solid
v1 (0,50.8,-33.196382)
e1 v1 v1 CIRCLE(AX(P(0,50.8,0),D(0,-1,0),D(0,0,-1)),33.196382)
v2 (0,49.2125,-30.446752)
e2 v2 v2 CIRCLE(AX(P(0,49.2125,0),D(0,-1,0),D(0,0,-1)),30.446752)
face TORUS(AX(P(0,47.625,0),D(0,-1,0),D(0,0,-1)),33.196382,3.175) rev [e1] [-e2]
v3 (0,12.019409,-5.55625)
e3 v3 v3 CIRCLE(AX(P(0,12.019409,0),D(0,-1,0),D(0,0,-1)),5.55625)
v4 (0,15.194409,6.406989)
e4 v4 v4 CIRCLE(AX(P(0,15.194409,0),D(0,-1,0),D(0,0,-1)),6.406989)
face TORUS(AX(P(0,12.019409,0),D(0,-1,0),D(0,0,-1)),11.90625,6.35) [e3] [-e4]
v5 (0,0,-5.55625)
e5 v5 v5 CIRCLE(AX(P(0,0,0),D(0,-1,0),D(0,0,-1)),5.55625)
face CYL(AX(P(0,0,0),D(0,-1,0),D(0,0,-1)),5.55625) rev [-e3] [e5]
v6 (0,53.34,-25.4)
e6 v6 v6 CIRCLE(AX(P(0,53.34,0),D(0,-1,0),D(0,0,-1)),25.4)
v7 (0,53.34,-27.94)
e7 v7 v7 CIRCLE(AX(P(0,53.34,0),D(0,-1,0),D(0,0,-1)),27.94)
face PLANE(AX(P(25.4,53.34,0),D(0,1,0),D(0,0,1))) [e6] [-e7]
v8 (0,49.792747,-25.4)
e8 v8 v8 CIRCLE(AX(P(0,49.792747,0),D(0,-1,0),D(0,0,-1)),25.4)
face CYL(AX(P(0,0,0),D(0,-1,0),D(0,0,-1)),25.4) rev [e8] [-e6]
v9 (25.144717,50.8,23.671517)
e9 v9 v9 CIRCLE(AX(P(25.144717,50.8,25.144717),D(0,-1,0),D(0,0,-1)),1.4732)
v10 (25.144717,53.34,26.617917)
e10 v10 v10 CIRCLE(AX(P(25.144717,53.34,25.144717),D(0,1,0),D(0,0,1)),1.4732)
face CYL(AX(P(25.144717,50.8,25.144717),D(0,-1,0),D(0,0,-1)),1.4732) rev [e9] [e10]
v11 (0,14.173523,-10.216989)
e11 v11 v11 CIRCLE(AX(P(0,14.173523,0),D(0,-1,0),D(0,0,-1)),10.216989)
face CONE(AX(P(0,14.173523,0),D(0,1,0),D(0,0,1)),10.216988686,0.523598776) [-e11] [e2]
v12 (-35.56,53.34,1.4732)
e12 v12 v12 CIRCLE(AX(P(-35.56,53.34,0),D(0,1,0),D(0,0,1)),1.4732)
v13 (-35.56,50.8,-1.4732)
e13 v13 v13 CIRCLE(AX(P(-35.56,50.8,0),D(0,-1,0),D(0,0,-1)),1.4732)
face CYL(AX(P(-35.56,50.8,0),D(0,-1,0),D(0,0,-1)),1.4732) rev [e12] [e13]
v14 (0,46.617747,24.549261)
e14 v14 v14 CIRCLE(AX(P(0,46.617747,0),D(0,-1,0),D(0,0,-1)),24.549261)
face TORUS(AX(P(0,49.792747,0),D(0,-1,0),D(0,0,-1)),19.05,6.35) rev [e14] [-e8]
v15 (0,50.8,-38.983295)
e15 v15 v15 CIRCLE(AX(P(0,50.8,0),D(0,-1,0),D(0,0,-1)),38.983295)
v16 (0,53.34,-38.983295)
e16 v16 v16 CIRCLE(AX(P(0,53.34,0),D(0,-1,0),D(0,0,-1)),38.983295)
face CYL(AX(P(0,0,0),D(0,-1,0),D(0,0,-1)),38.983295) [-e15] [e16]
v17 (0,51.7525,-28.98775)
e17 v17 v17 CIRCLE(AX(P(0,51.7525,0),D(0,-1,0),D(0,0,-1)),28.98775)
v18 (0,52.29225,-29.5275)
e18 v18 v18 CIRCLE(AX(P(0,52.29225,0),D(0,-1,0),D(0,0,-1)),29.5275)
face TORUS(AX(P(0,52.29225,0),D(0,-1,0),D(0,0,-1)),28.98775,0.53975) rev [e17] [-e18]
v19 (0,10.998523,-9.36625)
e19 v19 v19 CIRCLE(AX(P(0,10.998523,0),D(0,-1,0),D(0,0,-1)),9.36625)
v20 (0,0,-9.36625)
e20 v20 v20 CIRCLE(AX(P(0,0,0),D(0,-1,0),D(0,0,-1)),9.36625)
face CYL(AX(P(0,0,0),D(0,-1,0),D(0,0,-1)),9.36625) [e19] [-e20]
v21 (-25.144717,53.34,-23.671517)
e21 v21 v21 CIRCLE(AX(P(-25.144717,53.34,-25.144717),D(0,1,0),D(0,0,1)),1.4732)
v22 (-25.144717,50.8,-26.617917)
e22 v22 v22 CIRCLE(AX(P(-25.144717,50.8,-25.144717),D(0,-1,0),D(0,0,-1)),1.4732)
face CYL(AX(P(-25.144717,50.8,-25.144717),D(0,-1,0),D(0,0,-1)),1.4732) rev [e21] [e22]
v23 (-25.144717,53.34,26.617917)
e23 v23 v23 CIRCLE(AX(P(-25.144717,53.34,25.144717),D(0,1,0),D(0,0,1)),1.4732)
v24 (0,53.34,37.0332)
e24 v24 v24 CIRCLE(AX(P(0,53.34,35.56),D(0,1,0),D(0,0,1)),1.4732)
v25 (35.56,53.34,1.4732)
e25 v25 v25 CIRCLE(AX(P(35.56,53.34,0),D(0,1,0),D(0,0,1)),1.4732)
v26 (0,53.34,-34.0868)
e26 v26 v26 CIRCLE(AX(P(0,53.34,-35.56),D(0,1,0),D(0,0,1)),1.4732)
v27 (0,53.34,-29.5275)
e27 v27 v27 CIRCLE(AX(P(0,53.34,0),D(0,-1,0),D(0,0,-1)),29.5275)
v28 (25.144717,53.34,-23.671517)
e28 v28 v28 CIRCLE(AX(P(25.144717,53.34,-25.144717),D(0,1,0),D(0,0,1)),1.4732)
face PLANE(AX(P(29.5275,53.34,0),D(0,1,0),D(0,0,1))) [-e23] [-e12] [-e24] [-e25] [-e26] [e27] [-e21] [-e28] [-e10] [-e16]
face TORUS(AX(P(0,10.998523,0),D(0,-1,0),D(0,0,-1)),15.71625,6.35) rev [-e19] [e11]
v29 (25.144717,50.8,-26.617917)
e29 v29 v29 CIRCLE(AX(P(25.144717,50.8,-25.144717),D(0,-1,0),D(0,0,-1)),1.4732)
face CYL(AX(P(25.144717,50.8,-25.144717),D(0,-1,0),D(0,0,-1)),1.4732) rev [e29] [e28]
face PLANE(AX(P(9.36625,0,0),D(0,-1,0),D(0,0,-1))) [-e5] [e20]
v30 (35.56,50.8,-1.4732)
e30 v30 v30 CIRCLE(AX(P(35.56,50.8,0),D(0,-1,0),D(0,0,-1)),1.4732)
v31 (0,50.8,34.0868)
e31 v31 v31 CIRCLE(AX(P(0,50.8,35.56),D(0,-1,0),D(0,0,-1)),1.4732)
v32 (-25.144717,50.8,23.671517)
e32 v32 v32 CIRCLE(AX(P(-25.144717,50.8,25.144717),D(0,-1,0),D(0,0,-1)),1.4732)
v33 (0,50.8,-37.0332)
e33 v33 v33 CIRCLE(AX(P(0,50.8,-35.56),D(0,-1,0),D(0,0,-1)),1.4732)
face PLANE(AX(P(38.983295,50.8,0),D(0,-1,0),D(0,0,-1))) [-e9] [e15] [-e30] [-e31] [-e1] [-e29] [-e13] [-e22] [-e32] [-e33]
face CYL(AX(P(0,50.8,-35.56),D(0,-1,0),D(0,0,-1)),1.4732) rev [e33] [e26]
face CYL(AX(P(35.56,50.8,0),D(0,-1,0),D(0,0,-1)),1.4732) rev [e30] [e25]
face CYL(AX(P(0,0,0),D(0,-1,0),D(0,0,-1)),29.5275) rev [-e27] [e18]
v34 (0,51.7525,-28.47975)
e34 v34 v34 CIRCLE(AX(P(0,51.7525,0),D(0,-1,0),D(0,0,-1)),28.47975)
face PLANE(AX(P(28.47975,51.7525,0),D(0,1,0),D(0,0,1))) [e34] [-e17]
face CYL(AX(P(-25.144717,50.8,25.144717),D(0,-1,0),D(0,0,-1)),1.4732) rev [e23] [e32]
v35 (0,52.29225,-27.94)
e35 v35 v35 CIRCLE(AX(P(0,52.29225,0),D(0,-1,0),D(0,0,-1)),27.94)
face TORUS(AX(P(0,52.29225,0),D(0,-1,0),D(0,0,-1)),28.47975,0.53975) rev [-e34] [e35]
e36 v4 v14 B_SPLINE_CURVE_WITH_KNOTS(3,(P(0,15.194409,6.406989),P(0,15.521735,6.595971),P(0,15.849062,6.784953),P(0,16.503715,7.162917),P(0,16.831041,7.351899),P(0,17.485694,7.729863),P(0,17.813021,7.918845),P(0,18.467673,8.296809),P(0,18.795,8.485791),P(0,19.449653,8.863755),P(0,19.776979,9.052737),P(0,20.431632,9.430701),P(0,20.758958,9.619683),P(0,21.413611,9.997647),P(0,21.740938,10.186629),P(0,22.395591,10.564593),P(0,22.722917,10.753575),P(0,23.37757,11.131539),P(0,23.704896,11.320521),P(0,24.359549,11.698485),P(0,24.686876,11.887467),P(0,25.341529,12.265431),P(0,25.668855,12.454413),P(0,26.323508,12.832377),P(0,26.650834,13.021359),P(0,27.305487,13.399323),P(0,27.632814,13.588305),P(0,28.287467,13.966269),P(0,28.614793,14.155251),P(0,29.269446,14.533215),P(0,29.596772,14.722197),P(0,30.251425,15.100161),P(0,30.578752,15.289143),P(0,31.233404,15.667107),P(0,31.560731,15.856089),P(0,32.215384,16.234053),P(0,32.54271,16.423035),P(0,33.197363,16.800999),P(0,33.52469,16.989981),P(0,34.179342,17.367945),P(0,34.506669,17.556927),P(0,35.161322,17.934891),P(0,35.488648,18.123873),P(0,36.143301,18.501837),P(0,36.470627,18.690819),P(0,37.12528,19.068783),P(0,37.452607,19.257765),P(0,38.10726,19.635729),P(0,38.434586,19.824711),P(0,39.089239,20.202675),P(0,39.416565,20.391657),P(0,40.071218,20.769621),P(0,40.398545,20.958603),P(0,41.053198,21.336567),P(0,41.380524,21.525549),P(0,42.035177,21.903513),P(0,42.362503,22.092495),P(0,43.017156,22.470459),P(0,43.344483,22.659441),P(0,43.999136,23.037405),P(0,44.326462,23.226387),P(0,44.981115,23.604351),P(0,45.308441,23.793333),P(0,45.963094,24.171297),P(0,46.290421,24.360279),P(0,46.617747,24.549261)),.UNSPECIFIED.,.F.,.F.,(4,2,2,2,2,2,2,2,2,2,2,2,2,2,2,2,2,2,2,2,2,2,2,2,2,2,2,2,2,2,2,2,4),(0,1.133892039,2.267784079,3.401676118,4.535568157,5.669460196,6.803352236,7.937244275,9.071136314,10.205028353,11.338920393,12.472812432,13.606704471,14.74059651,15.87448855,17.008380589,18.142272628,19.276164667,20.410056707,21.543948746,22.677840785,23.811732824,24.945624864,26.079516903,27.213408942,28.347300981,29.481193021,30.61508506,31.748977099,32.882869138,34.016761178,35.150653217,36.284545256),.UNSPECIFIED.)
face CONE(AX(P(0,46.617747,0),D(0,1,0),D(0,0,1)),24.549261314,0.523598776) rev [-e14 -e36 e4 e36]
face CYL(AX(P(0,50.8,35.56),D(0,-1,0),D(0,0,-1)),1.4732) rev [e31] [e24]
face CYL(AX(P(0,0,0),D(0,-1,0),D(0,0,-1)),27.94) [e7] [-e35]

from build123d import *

# Parameters (mm, degrees)
F_4_CLEARANCE_HOLE1_D     = 2.9464
F_4_CLEARANCE_HOLE1_DEPTH = 38.354
F_4_CLEARANCE_HOLE1_TIP   = 0.885187864


with BuildPart() as part:
    # Sketch1 → Revolve1 (revolve)
    with BuildSketch(Plane.XY, mode=Mode.PRIVATE) as revolve1_sk:
        with BuildLine():
            Line((5.55625, 0), (5.55625, 12.019409051))
            ThreePointArc((5.55625, 12.019409051), (5.772621003, 13.662909988), (6.406988686, 15.194409051))
            Line((6.406988686, 15.194409051), (24.549261314, 46.617747008))
            ThreePointArc((24.549261314, 46.617747008), (25.183628997, 48.149246071), (25.4, 49.792747008))
            Line((25.4, 49.792747008), (25.4, 53.34))
            Line((25.4, 53.34), (27.94, 53.34))
            Line((27.94, 53.34), (27.94, 52.29225))
            ThreePointArc((27.94, 52.29225), (28.098089115, 51.910589115), (28.47975, 51.7525))
            Line((28.47975, 51.7525), (28.98775, 51.7525))
            ThreePointArc((28.98775, 51.7525), (29.369410885, 51.910589115), (29.5275, 52.29225))
            Line((29.5275, 52.29225), (29.5275, 53.34))
            Line((29.5275, 53.34), (38.983295256, 53.34))
            Line((38.983295256, 53.34), (38.983295256, 50.8))
            Line((38.983295256, 50.8), (33.196382361, 50.8))
            ThreePointArc((33.196382361, 50.8), (31.608882361, 50.374630657), (30.446751704, 49.2125))
            Line((30.446751704, 49.2125), (10.216988686, 14.173522628))
            ThreePointArc((10.216988686, 14.173522628), (9.582621003, 12.642023564), (9.36625, 10.998522628))
            Line((9.36625, 10.998522628), (9.36625, 0))
            Line((9.36625, 0), (5.55625, 0))
        make_face()
    revolve(revolve1_sk.sketch.rotate(Axis((0, 0, 0), (0, 1, 0)), 90), axis=Axis((0, 0, 0), (0, 1, 0)))

    # #4 Clearance Hole1
    with Locations(Plane(origin=(0, 50.8, 0), x_dir=(-1, 0, 0), z_dir=(0, -1, 0))):
        with Locations((35.56, 0), (25.144717139, -25.144717139), (0, -35.56), (-25.144717139, -25.144717139), (-35.56, 0), (-25.144717139, 25.144717139), (0, 35.56), (25.144717139, 25.144717139), (0, 0)):
            Hole(F_4_CLEARANCE_HOLE1_D / 2, depth=F_4_CLEARANCE_HOLE1_DEPTH)
            with Locations((0, 0, -(F_4_CLEARANCE_HOLE1_DEPTH + F_4_CLEARANCE_HOLE1_TIP / 2))):  # 118° drill point
                Cone(0, F_4_CLEARANCE_HOLE1_D / 2, F_4_CLEARANCE_HOLE1_TIP, mode=Mode.SUBTRACT)


solid = part.part
